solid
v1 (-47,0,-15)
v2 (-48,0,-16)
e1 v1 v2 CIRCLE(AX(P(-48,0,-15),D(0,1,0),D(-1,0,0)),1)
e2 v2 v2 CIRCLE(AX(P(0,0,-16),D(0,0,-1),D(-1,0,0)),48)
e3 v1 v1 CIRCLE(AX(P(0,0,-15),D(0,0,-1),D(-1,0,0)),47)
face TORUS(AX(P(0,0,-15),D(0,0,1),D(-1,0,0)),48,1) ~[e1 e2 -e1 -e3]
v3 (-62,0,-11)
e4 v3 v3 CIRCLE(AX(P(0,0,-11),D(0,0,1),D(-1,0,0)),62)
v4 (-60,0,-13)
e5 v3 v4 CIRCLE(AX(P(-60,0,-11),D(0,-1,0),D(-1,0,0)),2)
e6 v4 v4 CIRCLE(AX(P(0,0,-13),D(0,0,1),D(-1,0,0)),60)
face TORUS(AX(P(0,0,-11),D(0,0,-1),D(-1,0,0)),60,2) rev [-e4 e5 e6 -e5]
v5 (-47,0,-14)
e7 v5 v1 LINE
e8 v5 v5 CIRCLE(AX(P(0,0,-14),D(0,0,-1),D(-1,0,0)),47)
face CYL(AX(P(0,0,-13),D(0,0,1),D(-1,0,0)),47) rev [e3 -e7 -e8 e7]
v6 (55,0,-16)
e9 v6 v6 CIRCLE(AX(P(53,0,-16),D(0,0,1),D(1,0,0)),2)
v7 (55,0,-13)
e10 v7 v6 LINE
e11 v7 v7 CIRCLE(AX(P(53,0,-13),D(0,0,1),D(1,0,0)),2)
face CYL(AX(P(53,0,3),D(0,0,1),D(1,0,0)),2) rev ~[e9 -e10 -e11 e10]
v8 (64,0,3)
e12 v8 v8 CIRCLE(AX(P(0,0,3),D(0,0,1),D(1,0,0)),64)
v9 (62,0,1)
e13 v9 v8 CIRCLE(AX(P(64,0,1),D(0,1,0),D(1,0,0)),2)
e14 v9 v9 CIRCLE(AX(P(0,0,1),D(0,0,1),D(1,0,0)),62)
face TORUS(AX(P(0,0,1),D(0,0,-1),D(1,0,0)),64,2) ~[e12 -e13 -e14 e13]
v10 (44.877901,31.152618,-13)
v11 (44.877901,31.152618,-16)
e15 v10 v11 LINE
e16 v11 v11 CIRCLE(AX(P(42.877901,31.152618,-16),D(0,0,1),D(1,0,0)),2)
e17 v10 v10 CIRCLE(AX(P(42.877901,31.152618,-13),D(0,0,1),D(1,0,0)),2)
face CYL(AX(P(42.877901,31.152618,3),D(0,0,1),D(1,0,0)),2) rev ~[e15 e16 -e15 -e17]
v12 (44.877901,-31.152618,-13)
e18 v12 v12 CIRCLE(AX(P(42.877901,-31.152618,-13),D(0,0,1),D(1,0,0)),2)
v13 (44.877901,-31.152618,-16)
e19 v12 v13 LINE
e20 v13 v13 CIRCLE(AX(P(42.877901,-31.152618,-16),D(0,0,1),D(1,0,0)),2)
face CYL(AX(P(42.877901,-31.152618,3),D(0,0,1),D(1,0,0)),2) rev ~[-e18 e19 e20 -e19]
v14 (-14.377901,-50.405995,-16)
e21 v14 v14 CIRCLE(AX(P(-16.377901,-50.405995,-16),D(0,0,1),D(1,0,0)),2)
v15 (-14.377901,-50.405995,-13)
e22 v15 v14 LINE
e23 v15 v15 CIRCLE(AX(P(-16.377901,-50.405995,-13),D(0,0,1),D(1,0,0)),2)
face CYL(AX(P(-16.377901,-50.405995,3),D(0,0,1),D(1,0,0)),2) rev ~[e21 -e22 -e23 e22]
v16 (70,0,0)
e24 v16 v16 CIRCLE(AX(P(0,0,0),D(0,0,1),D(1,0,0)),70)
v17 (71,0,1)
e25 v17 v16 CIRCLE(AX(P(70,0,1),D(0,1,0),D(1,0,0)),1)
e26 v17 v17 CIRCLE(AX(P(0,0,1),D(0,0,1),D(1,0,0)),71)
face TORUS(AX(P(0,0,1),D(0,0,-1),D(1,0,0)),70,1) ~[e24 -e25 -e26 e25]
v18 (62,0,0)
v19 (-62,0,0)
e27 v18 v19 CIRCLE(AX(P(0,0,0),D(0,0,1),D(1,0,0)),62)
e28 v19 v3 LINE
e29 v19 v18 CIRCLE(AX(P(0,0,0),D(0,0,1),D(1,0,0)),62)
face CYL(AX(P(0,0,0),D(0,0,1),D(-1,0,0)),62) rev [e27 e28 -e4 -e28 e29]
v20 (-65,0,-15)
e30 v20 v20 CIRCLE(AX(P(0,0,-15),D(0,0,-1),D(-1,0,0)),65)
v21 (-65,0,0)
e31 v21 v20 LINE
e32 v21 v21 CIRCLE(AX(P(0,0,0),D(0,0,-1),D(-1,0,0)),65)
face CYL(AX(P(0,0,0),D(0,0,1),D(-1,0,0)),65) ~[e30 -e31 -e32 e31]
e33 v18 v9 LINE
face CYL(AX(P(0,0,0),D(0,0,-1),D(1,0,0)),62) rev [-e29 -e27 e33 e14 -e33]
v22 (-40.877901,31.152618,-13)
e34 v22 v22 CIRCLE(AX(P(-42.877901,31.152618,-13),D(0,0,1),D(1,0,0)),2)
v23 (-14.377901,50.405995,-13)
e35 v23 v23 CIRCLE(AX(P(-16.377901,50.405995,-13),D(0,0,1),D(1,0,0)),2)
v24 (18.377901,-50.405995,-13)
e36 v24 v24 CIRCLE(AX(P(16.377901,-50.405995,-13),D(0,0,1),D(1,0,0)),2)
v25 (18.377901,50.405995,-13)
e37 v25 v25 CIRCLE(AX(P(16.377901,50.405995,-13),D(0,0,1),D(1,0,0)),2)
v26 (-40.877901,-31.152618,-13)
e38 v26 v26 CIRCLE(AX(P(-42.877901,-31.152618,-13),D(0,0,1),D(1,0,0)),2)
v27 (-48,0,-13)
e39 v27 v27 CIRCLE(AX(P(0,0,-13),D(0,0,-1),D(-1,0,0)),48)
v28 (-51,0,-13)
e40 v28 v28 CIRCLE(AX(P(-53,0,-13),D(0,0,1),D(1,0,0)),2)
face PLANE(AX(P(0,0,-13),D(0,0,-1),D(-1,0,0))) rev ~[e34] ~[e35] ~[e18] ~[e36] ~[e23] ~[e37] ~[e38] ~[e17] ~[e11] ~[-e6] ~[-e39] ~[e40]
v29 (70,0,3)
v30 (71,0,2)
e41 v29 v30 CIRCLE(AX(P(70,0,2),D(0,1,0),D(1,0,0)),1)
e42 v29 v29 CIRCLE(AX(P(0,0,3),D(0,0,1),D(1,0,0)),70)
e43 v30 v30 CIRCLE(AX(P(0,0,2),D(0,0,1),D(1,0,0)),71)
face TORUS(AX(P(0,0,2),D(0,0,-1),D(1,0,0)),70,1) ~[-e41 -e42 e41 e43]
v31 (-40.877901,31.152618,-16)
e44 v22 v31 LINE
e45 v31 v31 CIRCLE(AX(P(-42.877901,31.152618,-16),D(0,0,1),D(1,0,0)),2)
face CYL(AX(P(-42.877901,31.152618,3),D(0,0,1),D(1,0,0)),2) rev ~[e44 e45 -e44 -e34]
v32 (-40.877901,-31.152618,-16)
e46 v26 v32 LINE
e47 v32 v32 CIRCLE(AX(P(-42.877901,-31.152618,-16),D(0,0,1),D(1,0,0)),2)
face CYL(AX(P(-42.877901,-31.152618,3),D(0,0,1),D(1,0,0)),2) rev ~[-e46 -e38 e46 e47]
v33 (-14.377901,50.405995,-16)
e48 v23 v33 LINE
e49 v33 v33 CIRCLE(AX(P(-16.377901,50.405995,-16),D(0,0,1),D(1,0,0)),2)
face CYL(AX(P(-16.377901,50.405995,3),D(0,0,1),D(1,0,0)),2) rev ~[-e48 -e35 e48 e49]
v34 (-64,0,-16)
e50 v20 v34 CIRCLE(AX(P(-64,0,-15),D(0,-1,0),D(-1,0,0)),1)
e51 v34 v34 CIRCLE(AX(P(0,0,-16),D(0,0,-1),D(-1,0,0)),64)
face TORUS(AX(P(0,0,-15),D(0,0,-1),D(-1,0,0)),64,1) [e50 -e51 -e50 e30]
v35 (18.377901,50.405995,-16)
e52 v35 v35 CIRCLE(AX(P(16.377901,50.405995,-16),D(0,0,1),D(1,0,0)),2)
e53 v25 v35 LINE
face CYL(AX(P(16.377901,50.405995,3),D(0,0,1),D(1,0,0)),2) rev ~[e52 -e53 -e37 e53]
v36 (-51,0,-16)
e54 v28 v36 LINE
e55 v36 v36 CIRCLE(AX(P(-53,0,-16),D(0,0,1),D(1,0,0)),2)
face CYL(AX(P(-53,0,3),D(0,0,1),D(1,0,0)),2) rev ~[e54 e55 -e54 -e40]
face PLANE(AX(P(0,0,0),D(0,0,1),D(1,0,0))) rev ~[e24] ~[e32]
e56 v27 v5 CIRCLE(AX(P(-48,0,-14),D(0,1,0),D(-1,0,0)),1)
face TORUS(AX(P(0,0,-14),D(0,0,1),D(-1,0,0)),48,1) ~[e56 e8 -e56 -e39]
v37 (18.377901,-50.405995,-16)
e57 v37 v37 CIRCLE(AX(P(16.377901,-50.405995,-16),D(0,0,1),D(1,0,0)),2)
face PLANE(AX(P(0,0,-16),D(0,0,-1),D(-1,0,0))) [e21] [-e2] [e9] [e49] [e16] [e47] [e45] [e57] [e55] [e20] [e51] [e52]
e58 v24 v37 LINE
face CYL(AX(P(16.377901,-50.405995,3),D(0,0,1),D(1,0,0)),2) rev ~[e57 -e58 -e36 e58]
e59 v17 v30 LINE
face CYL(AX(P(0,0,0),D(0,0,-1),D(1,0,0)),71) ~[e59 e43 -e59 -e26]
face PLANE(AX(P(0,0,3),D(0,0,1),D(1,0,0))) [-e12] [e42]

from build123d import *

# Parameters (mm, degrees)
SKETCH_2_R               = 71
SKETCH_2_R_2             = 62
EXTRUDE_1_DEPTH          = 3
SKETCH_3_R               = 65
SKETCH_3_R_2             = 62
EXTRUDE_2_DEPTH          = 16
SKETCH_4_R               = 65
SKETCH_4_R_2             = 47
EXTRUDE_3_DEPTH          = 3
FILLET_1_R               = 2
FILLET_2_R               = 1
FILLET_3_R               = 2
FILLET_4_R               = 1
FILLET_5_R               = 1
SKETCH_5_R               = 2
CUT_EXTRUDE_1_DEPTH      = 1.0000001
CUT_EXTRUDE_1_DEPTH_BACK = 20


with BuildPart() as part:
    # 草图2 → 凸台-拉伸1 (new body)
    with BuildSketch(Plane.XY):
        Circle(SKETCH_2_R)
        Circle(SKETCH_2_R_2, mode=Mode.SUBTRACT)
    extrude(amount=EXTRUDE_1_DEPTH)

    # 草图3 → 凸台-拉伸2 (add)
    with BuildSketch(Plane(origin=(0, 0, 0), x_dir=(-1, 0, 0), z_dir=(0, 0, -1))):
        Circle(SKETCH_3_R)
        Circle(SKETCH_3_R_2, mode=Mode.SUBTRACT)
    extrude(amount=EXTRUDE_2_DEPTH)

    # 草图4 → 凸台-拉伸3 (add)
    with BuildSketch(Plane(origin=(0, 0, -13), x_dir=(-1, 0, 0), z_dir=(0, 0, -1))):
        Circle(SKETCH_4_R)
        Circle(SKETCH_4_R_2, mode=Mode.SUBTRACT)
    extrude(amount=EXTRUDE_3_DEPTH)

    # 圆角1
    fillet_1_edges = [part.edges().sort_by_distance(p)[0] for p in [
        (62, 0, -13),
    ]]
    fillet(fillet_1_edges, radius=FILLET_1_R)

    # 圆角2
    fillet_2_edges = [part.edges().sort_by_distance(p)[0] for p in [
        (47, 0, -13),
        (47, 0, -16),
    ]]
    fillet(fillet_2_edges, radius=FILLET_2_R)

    # 圆角3
    fillet_3_edges = [part.edges().sort_by_distance(p)[0] for p in [
        (-62, 0, 3),
    ]]
    fillet(fillet_3_edges, radius=FILLET_3_R)

    # 圆角4
    fillet_4_edges = [part.edges().sort_by_distance(p)[0] for p in [
        (-71, 0, 0),
        (-71, 0, 3),
    ]]
    fillet(fillet_4_edges, radius=FILLET_4_R)

    # 圆角5
    fillet_5_edges = [part.edges().sort_by_distance(p)[0] for p in [
        (65, 0, -16),
    ]]
    fillet(fillet_5_edges, radius=FILLET_5_R)

    # 草图5 → 切除-拉伸1 (cut, two sides)
    with BuildSketch(Plane.XY.offset(3)) as cut_extrude_1_sk:
        with Locations((42.877900702, 31.152618372)):
            Circle(SKETCH_5_R)
        with Locations((53, 0)):
            Circle(SKETCH_5_R)
        with Locations((42.877900702, -31.152618371)):
            Circle(SKETCH_5_R)
        with Locations((16.377900702, -50.405995364)):
            Circle(SKETCH_5_R)
        with Locations((-16.377900702, -50.405995364)):
            Circle(SKETCH_5_R)
        with Locations((-42.877900702, -31.152618372)):
            Circle(SKETCH_5_R)
        with Locations((-53, 0)):
            Circle(SKETCH_5_R)
        with Locations((-42.877900702, 31.152618371)):
            Circle(SKETCH_5_R)
        with Locations((-16.377900702, 50.405995364)):
            Circle(SKETCH_5_R)
        with Locations((16.377900702, 50.405995364)):
            Circle(SKETCH_5_R)
    extrude(amount=CUT_EXTRUDE_1_DEPTH, mode=Mode.SUBTRACT)
    extrude(cut_extrude_1_sk.sketch, amount=-CUT_EXTRUDE_1_DEPTH_BACK, mode=Mode.SUBTRACT)


solid = part.part
